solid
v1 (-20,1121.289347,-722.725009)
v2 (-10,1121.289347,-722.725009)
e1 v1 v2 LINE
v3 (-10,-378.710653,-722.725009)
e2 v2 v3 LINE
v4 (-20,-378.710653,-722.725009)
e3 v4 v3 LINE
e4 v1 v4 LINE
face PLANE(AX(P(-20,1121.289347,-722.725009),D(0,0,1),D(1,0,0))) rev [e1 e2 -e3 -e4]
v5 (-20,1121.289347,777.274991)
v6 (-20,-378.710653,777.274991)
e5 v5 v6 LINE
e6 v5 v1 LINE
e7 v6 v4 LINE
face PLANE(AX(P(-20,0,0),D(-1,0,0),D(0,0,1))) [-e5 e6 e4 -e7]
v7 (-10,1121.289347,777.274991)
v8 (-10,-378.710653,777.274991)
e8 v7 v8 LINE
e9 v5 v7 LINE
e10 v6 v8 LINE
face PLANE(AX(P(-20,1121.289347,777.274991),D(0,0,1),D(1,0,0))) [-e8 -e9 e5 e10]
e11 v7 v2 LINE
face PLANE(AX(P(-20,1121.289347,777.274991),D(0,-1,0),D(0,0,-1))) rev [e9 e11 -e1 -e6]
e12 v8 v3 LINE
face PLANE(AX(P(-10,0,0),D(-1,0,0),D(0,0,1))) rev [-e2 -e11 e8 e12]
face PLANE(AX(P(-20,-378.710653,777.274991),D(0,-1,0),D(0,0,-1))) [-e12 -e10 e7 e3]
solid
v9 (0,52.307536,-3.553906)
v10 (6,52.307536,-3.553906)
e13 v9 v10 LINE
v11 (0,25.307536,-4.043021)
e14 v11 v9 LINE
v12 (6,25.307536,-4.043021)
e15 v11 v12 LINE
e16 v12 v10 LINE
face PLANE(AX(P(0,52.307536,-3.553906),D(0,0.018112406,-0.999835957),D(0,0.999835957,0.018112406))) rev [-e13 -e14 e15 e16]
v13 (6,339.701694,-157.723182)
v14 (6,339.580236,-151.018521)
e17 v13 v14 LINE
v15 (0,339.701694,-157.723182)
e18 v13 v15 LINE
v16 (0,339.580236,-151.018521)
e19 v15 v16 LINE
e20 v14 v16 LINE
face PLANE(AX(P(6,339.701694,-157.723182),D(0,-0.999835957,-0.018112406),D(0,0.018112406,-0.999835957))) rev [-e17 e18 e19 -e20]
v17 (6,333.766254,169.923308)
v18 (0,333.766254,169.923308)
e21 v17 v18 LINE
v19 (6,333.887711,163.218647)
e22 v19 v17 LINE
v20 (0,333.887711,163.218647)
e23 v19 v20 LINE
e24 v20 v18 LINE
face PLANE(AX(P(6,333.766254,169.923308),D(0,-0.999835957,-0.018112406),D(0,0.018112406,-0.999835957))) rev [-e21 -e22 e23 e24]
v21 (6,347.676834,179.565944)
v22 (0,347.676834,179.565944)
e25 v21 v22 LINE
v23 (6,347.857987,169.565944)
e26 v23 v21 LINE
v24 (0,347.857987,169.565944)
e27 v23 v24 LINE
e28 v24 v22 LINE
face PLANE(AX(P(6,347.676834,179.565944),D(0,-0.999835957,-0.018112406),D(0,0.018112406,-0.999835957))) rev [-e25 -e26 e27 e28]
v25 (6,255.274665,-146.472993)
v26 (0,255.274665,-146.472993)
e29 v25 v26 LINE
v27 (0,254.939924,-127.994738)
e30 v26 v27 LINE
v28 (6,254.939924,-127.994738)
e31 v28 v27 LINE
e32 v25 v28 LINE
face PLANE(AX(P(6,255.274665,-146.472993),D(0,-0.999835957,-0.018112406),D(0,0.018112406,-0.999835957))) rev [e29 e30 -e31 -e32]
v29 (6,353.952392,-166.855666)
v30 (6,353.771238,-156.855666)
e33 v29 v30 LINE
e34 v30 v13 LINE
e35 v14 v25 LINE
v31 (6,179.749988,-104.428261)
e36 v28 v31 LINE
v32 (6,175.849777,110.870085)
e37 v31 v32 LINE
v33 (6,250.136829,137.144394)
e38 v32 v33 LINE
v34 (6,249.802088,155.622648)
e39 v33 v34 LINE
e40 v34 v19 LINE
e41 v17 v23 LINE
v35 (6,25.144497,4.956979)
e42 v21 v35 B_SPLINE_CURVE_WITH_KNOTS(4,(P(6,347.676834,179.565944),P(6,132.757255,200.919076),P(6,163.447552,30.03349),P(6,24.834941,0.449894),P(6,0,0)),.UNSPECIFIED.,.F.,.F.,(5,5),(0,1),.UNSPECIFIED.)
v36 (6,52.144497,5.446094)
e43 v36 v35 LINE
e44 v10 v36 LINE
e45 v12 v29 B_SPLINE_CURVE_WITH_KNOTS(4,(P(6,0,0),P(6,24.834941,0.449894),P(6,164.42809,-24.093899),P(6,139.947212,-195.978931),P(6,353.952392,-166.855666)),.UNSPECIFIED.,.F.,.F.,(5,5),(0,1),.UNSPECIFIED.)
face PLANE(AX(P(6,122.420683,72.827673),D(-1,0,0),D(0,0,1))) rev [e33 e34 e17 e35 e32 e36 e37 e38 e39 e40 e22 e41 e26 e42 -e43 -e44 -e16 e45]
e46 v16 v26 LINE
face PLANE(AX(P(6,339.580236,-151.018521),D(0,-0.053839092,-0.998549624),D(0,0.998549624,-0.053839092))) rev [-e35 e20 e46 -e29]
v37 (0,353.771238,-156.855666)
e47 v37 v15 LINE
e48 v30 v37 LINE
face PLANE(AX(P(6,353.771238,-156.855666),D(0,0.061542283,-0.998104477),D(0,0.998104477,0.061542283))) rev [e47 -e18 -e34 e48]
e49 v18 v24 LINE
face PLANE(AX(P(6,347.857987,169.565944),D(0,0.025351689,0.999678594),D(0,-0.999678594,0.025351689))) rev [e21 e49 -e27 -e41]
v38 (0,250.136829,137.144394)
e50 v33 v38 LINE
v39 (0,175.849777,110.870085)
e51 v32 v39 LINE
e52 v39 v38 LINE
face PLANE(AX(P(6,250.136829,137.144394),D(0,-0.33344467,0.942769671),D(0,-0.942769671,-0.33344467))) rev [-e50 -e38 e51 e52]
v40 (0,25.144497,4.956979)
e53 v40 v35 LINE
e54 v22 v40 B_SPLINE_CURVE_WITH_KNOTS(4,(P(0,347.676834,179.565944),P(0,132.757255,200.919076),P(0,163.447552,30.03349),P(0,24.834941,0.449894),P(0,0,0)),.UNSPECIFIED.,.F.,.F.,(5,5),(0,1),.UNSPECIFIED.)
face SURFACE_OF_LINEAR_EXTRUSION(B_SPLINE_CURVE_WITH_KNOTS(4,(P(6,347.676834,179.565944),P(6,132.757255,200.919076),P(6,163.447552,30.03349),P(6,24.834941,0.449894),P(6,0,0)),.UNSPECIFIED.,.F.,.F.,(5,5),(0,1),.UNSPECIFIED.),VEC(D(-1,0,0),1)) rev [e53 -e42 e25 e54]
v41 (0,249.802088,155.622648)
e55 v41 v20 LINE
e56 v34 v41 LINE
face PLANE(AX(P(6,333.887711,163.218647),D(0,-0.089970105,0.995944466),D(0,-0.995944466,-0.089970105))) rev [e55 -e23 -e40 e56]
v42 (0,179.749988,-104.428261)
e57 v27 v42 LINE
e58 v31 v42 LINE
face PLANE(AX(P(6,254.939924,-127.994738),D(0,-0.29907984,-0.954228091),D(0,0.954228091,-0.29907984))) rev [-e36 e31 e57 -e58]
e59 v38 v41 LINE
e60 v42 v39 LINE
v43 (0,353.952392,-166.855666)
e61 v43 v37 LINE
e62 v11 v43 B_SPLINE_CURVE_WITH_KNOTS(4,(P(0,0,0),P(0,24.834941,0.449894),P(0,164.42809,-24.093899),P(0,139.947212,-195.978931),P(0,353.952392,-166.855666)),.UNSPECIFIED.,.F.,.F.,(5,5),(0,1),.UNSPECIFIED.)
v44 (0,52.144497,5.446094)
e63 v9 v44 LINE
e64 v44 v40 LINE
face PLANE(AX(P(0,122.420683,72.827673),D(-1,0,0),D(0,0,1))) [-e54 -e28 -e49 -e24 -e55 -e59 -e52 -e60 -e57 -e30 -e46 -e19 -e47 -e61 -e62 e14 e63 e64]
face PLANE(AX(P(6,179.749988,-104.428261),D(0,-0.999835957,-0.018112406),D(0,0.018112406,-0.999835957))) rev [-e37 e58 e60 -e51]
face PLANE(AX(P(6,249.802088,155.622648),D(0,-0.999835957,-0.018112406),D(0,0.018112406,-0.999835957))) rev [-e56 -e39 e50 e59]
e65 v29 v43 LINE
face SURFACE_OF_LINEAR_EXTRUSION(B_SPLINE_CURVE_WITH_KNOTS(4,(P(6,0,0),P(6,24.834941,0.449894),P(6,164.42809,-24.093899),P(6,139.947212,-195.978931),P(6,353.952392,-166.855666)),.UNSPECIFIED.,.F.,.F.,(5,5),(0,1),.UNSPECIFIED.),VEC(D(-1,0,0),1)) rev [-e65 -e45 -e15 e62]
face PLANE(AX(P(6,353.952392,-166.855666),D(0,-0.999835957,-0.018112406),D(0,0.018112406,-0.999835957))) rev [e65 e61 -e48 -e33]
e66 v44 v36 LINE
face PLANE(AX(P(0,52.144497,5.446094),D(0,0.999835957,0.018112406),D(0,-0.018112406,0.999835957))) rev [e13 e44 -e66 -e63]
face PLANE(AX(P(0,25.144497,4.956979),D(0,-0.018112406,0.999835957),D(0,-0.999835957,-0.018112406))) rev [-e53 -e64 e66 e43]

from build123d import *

# Parameters (mm, degrees)
BOSS_EXTRU_2_DEPTH      = 10
BOSS_EXTRU_3_DEPTH      = 6
ENL_V_MAT_EXTRU_1_DEPTH = 6


with BuildPart() as part:
    # Esquisse3D1 → Boss.-Extru.2 (new body)
    with BuildSketch(Plane(origin=(-20, 1121.289346724, 777.274991403), x_dir=(0, -0.7071067811865476, -0.7071067811865476), z_dir=(1, 0, 0))):
        Polygon((0, 0), (1060.66017178, 1060.66017178), (2121.32034356, 0), (1060.66017178, -1060.66017178), align=None)
    extrude(amount=BOSS_EXTRU_2_DEPTH)


with BuildPart() as body_2:
    # Esquisse5 → Boss.-Extru.3 (new body)
    with BuildSketch(Plane(origin=(0, 0, 0), x_dir=(0, 0, -1), z_dir=(1, 0, 0))):
        with BuildLine():
            Line((166.855665561, 353.952391842), (156.855665561, 353.77123807))
            Line((156.855665561, 353.77123807), (157.723181842, 339.701693596))
            Line((157.723181842, 339.701693596), (151.0185207, 339.58023613))
            Line((151.0185207, 339.58023613), (146.47299258, 255.274664597))
            Line((146.47299258, 255.274664597), (127.994738238, 254.939924049))
            Line((127.994738238, 254.939924049), (104.428261476, 179.749987818))
            Line((104.428261476, 179.749987818), (-110.870085369, 175.849777043))
            Line((-110.870085369, 175.849777043), (-137.144394156, 250.13682864))
            Line((-137.144394156, 250.13682864), (-155.622648498, 249.802088092))
            Line((-155.622648498, 249.802088092), (-163.218646637, 333.887711296))
            Line((-163.218646637, 333.887711296), (-169.92330778, 333.76625383))
            Line((-169.92330778, 333.76625383), (-169.565943676, 347.857987474))
            Line((-169.565943676, 347.857987474), (-179.565943676, 347.676833701))
            add(Edge.make_bspline(
                [(0, 0), (-0.449894327, 24.834941105), (-30.033490322, 163.447551845), (-200.919075611, 132.757254742), (-179.565943676, 347.676833701)],
                knots=[0, 0, 0, 0, 0, 1, 1, 1, 1, 1], degree=4))
            add(Edge.make_bspline(
                [(0, 0), (-0.449894327, 24.834941105), (24.093899378, 164.428089929), (195.978931319, 139.94721187), (166.855665561, 353.952391842)],
                knots=[0, 0, 0, 0, 0, 1, 1, 1, 1, 1], degree=4))
        make_face()
    extrude(amount=BOSS_EXTRU_3_DEPTH)

    # Esquisse6 → Enlèv. mat.-Extru.1 (cut)
    with BuildSketch(Plane(origin=(6, 0, 0), x_dir=(0, 0, -1), z_dir=(1, 0, 0))):
        Polygon((-4.956978805, 25.144497254), (-5.446093991, 52.144497254), (3.553906009, 52.307535649), (4.043021195, 25.307535649), (117.063261114, -47.52702125), (-85.227699586, -65.220017949), align=None)
    extrude(amount=-ENL_V_MAT_EXTRU_1_DEPTH, mode=Mode.SUBTRACT)


solid = Compound([part.part, body_2.part])
